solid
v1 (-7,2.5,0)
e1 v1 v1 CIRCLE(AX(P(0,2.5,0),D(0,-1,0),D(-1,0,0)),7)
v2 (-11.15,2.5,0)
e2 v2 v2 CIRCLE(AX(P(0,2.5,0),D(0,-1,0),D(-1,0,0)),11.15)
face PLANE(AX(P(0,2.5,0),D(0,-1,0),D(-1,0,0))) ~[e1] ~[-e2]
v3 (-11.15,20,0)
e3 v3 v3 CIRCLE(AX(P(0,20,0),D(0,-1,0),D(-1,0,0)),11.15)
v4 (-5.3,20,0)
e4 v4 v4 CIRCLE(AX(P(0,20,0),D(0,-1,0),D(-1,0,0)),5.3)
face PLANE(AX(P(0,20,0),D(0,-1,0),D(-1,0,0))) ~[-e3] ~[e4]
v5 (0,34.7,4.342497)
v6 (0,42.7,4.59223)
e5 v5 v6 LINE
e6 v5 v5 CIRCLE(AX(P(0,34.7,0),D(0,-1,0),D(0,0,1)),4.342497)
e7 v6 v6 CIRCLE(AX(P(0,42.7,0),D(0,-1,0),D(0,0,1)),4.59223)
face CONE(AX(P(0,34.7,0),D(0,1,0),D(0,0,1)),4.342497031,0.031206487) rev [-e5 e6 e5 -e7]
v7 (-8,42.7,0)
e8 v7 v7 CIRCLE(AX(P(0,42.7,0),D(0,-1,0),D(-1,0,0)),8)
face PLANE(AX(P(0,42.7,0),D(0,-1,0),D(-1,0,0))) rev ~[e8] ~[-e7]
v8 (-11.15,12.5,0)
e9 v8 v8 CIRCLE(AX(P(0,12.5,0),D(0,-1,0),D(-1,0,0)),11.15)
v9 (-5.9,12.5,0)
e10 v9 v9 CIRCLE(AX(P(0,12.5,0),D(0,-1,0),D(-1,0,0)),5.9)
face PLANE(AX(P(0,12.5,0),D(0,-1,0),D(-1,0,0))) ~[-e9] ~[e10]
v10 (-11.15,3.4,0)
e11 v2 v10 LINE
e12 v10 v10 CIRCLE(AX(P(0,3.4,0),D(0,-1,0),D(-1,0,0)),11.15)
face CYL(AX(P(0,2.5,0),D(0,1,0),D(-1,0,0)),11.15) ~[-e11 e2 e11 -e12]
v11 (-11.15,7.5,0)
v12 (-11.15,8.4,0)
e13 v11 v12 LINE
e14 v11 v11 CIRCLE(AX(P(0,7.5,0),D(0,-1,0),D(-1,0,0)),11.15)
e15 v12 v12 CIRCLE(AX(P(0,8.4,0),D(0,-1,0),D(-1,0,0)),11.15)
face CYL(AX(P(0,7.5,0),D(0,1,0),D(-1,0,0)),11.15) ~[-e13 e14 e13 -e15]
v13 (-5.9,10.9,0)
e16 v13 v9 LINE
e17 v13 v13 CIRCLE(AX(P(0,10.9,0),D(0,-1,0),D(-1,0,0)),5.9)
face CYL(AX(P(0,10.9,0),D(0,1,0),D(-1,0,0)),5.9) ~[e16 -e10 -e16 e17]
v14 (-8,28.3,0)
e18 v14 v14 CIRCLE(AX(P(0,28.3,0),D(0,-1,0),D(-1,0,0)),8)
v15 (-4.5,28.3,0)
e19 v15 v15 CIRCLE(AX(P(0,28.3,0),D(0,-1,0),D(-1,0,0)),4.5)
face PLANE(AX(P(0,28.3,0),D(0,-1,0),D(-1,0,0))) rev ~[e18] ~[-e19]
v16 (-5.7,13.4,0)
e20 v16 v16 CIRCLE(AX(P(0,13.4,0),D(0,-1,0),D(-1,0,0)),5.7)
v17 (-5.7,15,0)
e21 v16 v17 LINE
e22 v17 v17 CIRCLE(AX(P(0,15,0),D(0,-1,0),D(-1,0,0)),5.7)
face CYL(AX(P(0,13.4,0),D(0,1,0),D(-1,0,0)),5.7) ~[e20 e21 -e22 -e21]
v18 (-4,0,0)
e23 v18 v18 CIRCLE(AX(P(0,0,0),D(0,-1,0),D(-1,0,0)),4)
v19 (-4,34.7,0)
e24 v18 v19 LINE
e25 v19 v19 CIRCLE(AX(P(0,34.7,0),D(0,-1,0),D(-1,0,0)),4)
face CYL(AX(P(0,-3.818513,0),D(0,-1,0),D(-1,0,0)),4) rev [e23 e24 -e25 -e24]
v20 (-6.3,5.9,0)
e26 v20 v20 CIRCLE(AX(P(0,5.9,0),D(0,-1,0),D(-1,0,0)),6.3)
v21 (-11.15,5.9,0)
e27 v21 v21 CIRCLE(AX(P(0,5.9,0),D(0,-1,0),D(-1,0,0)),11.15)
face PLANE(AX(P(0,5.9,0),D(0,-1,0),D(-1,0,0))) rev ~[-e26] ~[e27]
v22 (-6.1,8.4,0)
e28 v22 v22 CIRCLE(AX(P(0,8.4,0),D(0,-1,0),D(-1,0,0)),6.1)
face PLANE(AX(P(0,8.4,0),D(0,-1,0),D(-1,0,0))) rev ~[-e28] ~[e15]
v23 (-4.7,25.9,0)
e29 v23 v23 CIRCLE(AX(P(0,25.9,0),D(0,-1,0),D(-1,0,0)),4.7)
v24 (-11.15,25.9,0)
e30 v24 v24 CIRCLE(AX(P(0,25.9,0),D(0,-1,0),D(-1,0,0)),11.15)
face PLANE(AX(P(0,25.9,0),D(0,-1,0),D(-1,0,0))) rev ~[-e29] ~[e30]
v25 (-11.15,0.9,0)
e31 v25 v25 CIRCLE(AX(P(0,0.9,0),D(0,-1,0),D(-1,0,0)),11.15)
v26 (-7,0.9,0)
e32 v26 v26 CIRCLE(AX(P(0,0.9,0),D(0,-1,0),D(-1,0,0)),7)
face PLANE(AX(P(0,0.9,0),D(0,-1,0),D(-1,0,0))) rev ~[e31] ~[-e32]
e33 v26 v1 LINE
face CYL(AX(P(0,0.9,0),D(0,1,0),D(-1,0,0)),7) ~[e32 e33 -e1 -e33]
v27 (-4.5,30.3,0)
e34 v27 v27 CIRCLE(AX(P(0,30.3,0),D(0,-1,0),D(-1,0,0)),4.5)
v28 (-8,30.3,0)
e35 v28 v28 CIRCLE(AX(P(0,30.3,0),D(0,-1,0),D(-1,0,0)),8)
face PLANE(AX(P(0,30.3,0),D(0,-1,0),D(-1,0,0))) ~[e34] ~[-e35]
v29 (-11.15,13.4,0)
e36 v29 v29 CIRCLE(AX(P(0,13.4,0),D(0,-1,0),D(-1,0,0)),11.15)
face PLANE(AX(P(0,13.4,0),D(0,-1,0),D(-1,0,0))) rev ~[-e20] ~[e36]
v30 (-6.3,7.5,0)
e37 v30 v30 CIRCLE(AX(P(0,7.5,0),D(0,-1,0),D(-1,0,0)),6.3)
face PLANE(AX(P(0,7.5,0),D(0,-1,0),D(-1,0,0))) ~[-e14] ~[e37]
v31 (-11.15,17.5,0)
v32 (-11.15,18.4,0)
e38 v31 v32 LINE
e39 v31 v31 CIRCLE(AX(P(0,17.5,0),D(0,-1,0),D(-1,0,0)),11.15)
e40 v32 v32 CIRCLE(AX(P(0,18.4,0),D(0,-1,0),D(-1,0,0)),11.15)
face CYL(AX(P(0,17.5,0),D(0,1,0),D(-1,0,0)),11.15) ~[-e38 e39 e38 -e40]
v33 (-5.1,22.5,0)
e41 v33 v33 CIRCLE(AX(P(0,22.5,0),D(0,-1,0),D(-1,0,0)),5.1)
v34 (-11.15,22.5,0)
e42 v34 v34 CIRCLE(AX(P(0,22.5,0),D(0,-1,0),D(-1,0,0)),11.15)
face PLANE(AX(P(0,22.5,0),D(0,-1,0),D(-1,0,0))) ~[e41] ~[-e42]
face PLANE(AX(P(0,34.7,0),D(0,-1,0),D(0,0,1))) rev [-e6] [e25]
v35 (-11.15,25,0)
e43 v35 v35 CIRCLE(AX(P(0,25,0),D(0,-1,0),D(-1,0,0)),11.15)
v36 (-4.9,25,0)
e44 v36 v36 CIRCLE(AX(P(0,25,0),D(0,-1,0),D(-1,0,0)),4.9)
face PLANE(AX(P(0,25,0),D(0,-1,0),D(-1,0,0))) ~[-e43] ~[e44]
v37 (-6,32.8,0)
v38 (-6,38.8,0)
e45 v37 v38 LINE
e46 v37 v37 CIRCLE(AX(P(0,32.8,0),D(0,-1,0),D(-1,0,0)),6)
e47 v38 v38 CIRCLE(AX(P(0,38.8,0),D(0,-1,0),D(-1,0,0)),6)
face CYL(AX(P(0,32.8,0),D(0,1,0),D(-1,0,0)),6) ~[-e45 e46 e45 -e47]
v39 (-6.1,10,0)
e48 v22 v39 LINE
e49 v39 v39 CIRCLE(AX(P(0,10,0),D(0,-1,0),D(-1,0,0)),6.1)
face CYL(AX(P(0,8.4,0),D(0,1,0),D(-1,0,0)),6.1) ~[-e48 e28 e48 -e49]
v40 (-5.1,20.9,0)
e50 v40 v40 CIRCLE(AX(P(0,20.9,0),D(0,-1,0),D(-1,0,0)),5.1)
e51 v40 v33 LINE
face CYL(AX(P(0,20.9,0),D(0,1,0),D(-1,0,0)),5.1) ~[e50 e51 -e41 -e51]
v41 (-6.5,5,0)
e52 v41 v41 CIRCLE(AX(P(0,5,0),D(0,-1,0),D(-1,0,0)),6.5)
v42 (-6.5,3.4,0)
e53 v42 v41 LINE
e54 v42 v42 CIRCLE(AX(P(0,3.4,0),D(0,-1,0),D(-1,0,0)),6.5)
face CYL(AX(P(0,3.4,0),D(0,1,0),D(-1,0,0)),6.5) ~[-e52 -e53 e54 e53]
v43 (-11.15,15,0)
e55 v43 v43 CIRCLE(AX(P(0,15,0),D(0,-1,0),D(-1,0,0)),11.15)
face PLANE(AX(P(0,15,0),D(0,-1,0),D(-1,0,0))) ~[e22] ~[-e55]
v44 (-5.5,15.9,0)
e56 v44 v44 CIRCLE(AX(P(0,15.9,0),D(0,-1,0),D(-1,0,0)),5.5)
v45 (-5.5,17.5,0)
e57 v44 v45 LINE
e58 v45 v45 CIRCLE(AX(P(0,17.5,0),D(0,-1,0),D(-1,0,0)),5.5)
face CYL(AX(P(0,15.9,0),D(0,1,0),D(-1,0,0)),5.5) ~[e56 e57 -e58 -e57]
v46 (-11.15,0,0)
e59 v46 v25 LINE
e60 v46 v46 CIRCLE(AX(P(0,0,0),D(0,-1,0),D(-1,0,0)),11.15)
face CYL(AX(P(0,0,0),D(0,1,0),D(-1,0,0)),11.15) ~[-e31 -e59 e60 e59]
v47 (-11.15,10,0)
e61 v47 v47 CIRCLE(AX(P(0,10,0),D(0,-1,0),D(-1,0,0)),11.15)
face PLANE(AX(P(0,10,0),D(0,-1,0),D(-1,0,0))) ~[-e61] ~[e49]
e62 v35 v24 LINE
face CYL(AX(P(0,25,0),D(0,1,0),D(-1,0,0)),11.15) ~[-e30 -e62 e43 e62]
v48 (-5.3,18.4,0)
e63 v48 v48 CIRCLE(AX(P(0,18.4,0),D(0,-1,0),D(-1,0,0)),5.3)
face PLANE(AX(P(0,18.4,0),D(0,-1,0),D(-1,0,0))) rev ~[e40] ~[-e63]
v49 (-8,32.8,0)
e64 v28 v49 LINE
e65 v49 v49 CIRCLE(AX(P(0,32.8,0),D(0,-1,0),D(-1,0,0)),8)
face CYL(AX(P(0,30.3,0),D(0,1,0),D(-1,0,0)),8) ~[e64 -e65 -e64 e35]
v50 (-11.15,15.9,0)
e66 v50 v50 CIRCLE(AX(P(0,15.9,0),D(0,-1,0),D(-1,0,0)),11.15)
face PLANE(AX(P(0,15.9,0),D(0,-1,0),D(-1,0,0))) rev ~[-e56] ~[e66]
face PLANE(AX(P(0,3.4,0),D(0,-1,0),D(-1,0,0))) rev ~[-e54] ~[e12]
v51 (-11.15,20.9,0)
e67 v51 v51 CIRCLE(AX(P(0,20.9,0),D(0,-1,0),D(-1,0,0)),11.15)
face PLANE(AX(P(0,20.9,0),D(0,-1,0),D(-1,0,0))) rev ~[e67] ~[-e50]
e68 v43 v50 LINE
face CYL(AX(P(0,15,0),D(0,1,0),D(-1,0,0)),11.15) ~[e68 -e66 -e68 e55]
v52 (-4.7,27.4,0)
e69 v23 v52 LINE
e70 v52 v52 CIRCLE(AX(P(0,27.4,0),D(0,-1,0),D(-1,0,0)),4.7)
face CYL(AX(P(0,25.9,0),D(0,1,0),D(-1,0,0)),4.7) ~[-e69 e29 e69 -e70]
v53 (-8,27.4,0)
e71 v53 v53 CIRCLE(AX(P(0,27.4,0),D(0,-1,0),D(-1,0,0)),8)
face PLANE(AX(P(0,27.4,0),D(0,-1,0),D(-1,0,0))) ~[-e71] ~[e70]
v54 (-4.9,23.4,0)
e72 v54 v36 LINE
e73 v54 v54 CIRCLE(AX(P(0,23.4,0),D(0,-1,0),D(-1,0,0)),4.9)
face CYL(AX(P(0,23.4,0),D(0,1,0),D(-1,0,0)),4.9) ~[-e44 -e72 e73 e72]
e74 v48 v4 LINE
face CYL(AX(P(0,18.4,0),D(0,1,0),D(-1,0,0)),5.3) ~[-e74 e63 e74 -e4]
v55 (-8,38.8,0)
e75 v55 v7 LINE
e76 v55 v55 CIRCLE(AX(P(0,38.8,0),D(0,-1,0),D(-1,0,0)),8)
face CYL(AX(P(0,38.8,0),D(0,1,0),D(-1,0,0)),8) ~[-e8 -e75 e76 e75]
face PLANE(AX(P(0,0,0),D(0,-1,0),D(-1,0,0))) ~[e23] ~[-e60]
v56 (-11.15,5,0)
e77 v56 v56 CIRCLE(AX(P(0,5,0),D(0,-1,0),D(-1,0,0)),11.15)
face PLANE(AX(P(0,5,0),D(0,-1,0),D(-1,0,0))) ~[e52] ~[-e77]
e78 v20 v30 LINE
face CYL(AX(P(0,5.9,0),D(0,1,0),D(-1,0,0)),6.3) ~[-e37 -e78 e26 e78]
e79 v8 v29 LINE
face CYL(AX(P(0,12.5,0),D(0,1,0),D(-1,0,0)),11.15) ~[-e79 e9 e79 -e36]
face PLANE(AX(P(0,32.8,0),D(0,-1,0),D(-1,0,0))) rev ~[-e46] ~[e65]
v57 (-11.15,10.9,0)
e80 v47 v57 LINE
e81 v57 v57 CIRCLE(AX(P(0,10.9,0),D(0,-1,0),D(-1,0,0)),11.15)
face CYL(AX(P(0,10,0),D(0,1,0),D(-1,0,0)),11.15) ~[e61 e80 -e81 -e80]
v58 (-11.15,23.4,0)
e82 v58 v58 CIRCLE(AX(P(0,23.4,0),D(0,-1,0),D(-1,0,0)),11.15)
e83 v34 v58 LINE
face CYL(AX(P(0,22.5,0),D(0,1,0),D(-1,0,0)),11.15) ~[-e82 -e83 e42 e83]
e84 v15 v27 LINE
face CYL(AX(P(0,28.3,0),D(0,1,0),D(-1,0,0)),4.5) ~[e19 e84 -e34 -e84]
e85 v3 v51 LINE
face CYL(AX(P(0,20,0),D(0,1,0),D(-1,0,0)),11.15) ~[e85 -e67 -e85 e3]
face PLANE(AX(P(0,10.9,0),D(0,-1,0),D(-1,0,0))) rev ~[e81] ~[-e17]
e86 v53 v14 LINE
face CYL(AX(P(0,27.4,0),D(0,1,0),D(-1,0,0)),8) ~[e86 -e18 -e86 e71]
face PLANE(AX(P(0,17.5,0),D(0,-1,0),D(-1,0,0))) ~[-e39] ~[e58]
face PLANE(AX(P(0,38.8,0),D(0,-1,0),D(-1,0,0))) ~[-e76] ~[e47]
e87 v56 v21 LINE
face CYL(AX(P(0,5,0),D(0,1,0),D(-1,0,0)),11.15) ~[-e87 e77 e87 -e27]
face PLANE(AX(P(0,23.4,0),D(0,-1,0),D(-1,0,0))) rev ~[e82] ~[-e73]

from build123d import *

# Parameters (mm, degrees)
M7X1_0_1_D               = 6
M7X1_0_1_DEPTH           = 15
SKETCH_6_R               = 1
CUT_EXTRUDE_1_DEPTH      = 15
CUT_EXTRUDE_2_DEPTH      = 46.518512717
CUT_EXTRUDE_2_DEPTH_BACK = 46.518512717
SKETCH_8_R               = 4


with BuildPart() as part:
    # 草图1 → 旋转1 (revolve)
    with BuildSketch(Plane.XY, mode=Mode.PRIVATE) as revolve_1_sk:
        Polygon((0, 0), (11.15, 0), (11.15, 0.9), (7, 0.9), (7, 2.5), (11.15, 2.5), (11.15, 3.4), (6.5, 3.4), (6.5, 5), (11.15, 5), (11.15, 5.9), (6.3, 5.9), (6.3, 7.5), (11.15, 7.5), (11.15, 8.4), (6.1, 8.4), (6.1, 10), (11.15, 10), (11.15, 10.9), (5.9, 10.9), (5.9, 12.5), (11.15, 12.5), (11.15, 13.4), (5.7, 13.4), (5.7, 15), (11.15, 15), (11.15, 15.9), (5.5, 15.9), (5.5, 17.5), (11.15, 17.5), (11.15, 18.4), (5.3, 18.4), (5.3, 20), (11.15, 20), (11.15, 20.9), (5.1, 20.9), (5.1, 22.5), (11.15, 22.5), (11.15, 23.4), (4.9, 23.4), (4.9, 25), (11.15, 25), (11.15, 25.9), (4.7, 25.9), (4.7, 27.4), (8, 27.4), (8, 28.3), (4.5, 28.3), (4.5, 30.3), (8, 30.3), (8, 32.8), (6, 32.8), (6, 38.8), (8, 38.8), (8, 42.7), (0, 42.7), align=None)
    revolve(revolve_1_sk.sketch.rotate(Axis((0, 42.7, 0), (0, -1, 0)), 180), axis=Axis((0, 42.7, 0), (0, -1, 0)))

    # 草图2 → 1/8 Rc 螺纹孔1 (revolve, cut)
    with BuildSketch(Plane(origin=(0, 42.7, 0), x_dir=(0, 0, 1), z_dir=(1, 0, 0))):
        Polygon((0, 0), (0, 11.373399445), (3.95, 9), (3.95, 8), (4.342497031, 8), (4.59223, 0), align=None)
    revolve(axis=Axis((0, 49.05, 0), (0, -1, 0)), mode=Mode.SUBTRACT)

    # M7x1.0 螺纹孔1
    with Locations(Plane(origin=(0, 0, 0), x_dir=(-1, 0, 0), z_dir=(0, -1, 0))):
        with Locations((0, 0)):
            Hole(M7X1_0_1_D / 2, depth=M7X1_0_1_DEPTH)

    # 草图6 → 切除-拉伸1 (cut)
    with BuildSketch(Plane.XZ.offset(-15)):
        with Locations(Location((0, 0, 0), (0, 0, 270))):
            Circle(SKETCH_6_R)
    extrude(amount=-CUT_EXTRUDE_1_DEPTH, mode=Mode.SUBTRACT)

    # 草图8 → 切除-拉伸2 (cut, two sides: drawn at the far end of the back side and taken through both)
    with BuildSketch(Plane(origin=(0, 42.7, 0), x_dir=(1, 0, 0), z_dir=(0, 1, 0)).offset(-CUT_EXTRUDE_2_DEPTH_BACK)):
        with Locations(Location((0, 0, 0), (0, 0, 180))):
            Circle(SKETCH_8_R)
    extrude(amount=CUT_EXTRUDE_2_DEPTH + CUT_EXTRUDE_2_DEPTH_BACK, mode=Mode.SUBTRACT)


solid = part.part
